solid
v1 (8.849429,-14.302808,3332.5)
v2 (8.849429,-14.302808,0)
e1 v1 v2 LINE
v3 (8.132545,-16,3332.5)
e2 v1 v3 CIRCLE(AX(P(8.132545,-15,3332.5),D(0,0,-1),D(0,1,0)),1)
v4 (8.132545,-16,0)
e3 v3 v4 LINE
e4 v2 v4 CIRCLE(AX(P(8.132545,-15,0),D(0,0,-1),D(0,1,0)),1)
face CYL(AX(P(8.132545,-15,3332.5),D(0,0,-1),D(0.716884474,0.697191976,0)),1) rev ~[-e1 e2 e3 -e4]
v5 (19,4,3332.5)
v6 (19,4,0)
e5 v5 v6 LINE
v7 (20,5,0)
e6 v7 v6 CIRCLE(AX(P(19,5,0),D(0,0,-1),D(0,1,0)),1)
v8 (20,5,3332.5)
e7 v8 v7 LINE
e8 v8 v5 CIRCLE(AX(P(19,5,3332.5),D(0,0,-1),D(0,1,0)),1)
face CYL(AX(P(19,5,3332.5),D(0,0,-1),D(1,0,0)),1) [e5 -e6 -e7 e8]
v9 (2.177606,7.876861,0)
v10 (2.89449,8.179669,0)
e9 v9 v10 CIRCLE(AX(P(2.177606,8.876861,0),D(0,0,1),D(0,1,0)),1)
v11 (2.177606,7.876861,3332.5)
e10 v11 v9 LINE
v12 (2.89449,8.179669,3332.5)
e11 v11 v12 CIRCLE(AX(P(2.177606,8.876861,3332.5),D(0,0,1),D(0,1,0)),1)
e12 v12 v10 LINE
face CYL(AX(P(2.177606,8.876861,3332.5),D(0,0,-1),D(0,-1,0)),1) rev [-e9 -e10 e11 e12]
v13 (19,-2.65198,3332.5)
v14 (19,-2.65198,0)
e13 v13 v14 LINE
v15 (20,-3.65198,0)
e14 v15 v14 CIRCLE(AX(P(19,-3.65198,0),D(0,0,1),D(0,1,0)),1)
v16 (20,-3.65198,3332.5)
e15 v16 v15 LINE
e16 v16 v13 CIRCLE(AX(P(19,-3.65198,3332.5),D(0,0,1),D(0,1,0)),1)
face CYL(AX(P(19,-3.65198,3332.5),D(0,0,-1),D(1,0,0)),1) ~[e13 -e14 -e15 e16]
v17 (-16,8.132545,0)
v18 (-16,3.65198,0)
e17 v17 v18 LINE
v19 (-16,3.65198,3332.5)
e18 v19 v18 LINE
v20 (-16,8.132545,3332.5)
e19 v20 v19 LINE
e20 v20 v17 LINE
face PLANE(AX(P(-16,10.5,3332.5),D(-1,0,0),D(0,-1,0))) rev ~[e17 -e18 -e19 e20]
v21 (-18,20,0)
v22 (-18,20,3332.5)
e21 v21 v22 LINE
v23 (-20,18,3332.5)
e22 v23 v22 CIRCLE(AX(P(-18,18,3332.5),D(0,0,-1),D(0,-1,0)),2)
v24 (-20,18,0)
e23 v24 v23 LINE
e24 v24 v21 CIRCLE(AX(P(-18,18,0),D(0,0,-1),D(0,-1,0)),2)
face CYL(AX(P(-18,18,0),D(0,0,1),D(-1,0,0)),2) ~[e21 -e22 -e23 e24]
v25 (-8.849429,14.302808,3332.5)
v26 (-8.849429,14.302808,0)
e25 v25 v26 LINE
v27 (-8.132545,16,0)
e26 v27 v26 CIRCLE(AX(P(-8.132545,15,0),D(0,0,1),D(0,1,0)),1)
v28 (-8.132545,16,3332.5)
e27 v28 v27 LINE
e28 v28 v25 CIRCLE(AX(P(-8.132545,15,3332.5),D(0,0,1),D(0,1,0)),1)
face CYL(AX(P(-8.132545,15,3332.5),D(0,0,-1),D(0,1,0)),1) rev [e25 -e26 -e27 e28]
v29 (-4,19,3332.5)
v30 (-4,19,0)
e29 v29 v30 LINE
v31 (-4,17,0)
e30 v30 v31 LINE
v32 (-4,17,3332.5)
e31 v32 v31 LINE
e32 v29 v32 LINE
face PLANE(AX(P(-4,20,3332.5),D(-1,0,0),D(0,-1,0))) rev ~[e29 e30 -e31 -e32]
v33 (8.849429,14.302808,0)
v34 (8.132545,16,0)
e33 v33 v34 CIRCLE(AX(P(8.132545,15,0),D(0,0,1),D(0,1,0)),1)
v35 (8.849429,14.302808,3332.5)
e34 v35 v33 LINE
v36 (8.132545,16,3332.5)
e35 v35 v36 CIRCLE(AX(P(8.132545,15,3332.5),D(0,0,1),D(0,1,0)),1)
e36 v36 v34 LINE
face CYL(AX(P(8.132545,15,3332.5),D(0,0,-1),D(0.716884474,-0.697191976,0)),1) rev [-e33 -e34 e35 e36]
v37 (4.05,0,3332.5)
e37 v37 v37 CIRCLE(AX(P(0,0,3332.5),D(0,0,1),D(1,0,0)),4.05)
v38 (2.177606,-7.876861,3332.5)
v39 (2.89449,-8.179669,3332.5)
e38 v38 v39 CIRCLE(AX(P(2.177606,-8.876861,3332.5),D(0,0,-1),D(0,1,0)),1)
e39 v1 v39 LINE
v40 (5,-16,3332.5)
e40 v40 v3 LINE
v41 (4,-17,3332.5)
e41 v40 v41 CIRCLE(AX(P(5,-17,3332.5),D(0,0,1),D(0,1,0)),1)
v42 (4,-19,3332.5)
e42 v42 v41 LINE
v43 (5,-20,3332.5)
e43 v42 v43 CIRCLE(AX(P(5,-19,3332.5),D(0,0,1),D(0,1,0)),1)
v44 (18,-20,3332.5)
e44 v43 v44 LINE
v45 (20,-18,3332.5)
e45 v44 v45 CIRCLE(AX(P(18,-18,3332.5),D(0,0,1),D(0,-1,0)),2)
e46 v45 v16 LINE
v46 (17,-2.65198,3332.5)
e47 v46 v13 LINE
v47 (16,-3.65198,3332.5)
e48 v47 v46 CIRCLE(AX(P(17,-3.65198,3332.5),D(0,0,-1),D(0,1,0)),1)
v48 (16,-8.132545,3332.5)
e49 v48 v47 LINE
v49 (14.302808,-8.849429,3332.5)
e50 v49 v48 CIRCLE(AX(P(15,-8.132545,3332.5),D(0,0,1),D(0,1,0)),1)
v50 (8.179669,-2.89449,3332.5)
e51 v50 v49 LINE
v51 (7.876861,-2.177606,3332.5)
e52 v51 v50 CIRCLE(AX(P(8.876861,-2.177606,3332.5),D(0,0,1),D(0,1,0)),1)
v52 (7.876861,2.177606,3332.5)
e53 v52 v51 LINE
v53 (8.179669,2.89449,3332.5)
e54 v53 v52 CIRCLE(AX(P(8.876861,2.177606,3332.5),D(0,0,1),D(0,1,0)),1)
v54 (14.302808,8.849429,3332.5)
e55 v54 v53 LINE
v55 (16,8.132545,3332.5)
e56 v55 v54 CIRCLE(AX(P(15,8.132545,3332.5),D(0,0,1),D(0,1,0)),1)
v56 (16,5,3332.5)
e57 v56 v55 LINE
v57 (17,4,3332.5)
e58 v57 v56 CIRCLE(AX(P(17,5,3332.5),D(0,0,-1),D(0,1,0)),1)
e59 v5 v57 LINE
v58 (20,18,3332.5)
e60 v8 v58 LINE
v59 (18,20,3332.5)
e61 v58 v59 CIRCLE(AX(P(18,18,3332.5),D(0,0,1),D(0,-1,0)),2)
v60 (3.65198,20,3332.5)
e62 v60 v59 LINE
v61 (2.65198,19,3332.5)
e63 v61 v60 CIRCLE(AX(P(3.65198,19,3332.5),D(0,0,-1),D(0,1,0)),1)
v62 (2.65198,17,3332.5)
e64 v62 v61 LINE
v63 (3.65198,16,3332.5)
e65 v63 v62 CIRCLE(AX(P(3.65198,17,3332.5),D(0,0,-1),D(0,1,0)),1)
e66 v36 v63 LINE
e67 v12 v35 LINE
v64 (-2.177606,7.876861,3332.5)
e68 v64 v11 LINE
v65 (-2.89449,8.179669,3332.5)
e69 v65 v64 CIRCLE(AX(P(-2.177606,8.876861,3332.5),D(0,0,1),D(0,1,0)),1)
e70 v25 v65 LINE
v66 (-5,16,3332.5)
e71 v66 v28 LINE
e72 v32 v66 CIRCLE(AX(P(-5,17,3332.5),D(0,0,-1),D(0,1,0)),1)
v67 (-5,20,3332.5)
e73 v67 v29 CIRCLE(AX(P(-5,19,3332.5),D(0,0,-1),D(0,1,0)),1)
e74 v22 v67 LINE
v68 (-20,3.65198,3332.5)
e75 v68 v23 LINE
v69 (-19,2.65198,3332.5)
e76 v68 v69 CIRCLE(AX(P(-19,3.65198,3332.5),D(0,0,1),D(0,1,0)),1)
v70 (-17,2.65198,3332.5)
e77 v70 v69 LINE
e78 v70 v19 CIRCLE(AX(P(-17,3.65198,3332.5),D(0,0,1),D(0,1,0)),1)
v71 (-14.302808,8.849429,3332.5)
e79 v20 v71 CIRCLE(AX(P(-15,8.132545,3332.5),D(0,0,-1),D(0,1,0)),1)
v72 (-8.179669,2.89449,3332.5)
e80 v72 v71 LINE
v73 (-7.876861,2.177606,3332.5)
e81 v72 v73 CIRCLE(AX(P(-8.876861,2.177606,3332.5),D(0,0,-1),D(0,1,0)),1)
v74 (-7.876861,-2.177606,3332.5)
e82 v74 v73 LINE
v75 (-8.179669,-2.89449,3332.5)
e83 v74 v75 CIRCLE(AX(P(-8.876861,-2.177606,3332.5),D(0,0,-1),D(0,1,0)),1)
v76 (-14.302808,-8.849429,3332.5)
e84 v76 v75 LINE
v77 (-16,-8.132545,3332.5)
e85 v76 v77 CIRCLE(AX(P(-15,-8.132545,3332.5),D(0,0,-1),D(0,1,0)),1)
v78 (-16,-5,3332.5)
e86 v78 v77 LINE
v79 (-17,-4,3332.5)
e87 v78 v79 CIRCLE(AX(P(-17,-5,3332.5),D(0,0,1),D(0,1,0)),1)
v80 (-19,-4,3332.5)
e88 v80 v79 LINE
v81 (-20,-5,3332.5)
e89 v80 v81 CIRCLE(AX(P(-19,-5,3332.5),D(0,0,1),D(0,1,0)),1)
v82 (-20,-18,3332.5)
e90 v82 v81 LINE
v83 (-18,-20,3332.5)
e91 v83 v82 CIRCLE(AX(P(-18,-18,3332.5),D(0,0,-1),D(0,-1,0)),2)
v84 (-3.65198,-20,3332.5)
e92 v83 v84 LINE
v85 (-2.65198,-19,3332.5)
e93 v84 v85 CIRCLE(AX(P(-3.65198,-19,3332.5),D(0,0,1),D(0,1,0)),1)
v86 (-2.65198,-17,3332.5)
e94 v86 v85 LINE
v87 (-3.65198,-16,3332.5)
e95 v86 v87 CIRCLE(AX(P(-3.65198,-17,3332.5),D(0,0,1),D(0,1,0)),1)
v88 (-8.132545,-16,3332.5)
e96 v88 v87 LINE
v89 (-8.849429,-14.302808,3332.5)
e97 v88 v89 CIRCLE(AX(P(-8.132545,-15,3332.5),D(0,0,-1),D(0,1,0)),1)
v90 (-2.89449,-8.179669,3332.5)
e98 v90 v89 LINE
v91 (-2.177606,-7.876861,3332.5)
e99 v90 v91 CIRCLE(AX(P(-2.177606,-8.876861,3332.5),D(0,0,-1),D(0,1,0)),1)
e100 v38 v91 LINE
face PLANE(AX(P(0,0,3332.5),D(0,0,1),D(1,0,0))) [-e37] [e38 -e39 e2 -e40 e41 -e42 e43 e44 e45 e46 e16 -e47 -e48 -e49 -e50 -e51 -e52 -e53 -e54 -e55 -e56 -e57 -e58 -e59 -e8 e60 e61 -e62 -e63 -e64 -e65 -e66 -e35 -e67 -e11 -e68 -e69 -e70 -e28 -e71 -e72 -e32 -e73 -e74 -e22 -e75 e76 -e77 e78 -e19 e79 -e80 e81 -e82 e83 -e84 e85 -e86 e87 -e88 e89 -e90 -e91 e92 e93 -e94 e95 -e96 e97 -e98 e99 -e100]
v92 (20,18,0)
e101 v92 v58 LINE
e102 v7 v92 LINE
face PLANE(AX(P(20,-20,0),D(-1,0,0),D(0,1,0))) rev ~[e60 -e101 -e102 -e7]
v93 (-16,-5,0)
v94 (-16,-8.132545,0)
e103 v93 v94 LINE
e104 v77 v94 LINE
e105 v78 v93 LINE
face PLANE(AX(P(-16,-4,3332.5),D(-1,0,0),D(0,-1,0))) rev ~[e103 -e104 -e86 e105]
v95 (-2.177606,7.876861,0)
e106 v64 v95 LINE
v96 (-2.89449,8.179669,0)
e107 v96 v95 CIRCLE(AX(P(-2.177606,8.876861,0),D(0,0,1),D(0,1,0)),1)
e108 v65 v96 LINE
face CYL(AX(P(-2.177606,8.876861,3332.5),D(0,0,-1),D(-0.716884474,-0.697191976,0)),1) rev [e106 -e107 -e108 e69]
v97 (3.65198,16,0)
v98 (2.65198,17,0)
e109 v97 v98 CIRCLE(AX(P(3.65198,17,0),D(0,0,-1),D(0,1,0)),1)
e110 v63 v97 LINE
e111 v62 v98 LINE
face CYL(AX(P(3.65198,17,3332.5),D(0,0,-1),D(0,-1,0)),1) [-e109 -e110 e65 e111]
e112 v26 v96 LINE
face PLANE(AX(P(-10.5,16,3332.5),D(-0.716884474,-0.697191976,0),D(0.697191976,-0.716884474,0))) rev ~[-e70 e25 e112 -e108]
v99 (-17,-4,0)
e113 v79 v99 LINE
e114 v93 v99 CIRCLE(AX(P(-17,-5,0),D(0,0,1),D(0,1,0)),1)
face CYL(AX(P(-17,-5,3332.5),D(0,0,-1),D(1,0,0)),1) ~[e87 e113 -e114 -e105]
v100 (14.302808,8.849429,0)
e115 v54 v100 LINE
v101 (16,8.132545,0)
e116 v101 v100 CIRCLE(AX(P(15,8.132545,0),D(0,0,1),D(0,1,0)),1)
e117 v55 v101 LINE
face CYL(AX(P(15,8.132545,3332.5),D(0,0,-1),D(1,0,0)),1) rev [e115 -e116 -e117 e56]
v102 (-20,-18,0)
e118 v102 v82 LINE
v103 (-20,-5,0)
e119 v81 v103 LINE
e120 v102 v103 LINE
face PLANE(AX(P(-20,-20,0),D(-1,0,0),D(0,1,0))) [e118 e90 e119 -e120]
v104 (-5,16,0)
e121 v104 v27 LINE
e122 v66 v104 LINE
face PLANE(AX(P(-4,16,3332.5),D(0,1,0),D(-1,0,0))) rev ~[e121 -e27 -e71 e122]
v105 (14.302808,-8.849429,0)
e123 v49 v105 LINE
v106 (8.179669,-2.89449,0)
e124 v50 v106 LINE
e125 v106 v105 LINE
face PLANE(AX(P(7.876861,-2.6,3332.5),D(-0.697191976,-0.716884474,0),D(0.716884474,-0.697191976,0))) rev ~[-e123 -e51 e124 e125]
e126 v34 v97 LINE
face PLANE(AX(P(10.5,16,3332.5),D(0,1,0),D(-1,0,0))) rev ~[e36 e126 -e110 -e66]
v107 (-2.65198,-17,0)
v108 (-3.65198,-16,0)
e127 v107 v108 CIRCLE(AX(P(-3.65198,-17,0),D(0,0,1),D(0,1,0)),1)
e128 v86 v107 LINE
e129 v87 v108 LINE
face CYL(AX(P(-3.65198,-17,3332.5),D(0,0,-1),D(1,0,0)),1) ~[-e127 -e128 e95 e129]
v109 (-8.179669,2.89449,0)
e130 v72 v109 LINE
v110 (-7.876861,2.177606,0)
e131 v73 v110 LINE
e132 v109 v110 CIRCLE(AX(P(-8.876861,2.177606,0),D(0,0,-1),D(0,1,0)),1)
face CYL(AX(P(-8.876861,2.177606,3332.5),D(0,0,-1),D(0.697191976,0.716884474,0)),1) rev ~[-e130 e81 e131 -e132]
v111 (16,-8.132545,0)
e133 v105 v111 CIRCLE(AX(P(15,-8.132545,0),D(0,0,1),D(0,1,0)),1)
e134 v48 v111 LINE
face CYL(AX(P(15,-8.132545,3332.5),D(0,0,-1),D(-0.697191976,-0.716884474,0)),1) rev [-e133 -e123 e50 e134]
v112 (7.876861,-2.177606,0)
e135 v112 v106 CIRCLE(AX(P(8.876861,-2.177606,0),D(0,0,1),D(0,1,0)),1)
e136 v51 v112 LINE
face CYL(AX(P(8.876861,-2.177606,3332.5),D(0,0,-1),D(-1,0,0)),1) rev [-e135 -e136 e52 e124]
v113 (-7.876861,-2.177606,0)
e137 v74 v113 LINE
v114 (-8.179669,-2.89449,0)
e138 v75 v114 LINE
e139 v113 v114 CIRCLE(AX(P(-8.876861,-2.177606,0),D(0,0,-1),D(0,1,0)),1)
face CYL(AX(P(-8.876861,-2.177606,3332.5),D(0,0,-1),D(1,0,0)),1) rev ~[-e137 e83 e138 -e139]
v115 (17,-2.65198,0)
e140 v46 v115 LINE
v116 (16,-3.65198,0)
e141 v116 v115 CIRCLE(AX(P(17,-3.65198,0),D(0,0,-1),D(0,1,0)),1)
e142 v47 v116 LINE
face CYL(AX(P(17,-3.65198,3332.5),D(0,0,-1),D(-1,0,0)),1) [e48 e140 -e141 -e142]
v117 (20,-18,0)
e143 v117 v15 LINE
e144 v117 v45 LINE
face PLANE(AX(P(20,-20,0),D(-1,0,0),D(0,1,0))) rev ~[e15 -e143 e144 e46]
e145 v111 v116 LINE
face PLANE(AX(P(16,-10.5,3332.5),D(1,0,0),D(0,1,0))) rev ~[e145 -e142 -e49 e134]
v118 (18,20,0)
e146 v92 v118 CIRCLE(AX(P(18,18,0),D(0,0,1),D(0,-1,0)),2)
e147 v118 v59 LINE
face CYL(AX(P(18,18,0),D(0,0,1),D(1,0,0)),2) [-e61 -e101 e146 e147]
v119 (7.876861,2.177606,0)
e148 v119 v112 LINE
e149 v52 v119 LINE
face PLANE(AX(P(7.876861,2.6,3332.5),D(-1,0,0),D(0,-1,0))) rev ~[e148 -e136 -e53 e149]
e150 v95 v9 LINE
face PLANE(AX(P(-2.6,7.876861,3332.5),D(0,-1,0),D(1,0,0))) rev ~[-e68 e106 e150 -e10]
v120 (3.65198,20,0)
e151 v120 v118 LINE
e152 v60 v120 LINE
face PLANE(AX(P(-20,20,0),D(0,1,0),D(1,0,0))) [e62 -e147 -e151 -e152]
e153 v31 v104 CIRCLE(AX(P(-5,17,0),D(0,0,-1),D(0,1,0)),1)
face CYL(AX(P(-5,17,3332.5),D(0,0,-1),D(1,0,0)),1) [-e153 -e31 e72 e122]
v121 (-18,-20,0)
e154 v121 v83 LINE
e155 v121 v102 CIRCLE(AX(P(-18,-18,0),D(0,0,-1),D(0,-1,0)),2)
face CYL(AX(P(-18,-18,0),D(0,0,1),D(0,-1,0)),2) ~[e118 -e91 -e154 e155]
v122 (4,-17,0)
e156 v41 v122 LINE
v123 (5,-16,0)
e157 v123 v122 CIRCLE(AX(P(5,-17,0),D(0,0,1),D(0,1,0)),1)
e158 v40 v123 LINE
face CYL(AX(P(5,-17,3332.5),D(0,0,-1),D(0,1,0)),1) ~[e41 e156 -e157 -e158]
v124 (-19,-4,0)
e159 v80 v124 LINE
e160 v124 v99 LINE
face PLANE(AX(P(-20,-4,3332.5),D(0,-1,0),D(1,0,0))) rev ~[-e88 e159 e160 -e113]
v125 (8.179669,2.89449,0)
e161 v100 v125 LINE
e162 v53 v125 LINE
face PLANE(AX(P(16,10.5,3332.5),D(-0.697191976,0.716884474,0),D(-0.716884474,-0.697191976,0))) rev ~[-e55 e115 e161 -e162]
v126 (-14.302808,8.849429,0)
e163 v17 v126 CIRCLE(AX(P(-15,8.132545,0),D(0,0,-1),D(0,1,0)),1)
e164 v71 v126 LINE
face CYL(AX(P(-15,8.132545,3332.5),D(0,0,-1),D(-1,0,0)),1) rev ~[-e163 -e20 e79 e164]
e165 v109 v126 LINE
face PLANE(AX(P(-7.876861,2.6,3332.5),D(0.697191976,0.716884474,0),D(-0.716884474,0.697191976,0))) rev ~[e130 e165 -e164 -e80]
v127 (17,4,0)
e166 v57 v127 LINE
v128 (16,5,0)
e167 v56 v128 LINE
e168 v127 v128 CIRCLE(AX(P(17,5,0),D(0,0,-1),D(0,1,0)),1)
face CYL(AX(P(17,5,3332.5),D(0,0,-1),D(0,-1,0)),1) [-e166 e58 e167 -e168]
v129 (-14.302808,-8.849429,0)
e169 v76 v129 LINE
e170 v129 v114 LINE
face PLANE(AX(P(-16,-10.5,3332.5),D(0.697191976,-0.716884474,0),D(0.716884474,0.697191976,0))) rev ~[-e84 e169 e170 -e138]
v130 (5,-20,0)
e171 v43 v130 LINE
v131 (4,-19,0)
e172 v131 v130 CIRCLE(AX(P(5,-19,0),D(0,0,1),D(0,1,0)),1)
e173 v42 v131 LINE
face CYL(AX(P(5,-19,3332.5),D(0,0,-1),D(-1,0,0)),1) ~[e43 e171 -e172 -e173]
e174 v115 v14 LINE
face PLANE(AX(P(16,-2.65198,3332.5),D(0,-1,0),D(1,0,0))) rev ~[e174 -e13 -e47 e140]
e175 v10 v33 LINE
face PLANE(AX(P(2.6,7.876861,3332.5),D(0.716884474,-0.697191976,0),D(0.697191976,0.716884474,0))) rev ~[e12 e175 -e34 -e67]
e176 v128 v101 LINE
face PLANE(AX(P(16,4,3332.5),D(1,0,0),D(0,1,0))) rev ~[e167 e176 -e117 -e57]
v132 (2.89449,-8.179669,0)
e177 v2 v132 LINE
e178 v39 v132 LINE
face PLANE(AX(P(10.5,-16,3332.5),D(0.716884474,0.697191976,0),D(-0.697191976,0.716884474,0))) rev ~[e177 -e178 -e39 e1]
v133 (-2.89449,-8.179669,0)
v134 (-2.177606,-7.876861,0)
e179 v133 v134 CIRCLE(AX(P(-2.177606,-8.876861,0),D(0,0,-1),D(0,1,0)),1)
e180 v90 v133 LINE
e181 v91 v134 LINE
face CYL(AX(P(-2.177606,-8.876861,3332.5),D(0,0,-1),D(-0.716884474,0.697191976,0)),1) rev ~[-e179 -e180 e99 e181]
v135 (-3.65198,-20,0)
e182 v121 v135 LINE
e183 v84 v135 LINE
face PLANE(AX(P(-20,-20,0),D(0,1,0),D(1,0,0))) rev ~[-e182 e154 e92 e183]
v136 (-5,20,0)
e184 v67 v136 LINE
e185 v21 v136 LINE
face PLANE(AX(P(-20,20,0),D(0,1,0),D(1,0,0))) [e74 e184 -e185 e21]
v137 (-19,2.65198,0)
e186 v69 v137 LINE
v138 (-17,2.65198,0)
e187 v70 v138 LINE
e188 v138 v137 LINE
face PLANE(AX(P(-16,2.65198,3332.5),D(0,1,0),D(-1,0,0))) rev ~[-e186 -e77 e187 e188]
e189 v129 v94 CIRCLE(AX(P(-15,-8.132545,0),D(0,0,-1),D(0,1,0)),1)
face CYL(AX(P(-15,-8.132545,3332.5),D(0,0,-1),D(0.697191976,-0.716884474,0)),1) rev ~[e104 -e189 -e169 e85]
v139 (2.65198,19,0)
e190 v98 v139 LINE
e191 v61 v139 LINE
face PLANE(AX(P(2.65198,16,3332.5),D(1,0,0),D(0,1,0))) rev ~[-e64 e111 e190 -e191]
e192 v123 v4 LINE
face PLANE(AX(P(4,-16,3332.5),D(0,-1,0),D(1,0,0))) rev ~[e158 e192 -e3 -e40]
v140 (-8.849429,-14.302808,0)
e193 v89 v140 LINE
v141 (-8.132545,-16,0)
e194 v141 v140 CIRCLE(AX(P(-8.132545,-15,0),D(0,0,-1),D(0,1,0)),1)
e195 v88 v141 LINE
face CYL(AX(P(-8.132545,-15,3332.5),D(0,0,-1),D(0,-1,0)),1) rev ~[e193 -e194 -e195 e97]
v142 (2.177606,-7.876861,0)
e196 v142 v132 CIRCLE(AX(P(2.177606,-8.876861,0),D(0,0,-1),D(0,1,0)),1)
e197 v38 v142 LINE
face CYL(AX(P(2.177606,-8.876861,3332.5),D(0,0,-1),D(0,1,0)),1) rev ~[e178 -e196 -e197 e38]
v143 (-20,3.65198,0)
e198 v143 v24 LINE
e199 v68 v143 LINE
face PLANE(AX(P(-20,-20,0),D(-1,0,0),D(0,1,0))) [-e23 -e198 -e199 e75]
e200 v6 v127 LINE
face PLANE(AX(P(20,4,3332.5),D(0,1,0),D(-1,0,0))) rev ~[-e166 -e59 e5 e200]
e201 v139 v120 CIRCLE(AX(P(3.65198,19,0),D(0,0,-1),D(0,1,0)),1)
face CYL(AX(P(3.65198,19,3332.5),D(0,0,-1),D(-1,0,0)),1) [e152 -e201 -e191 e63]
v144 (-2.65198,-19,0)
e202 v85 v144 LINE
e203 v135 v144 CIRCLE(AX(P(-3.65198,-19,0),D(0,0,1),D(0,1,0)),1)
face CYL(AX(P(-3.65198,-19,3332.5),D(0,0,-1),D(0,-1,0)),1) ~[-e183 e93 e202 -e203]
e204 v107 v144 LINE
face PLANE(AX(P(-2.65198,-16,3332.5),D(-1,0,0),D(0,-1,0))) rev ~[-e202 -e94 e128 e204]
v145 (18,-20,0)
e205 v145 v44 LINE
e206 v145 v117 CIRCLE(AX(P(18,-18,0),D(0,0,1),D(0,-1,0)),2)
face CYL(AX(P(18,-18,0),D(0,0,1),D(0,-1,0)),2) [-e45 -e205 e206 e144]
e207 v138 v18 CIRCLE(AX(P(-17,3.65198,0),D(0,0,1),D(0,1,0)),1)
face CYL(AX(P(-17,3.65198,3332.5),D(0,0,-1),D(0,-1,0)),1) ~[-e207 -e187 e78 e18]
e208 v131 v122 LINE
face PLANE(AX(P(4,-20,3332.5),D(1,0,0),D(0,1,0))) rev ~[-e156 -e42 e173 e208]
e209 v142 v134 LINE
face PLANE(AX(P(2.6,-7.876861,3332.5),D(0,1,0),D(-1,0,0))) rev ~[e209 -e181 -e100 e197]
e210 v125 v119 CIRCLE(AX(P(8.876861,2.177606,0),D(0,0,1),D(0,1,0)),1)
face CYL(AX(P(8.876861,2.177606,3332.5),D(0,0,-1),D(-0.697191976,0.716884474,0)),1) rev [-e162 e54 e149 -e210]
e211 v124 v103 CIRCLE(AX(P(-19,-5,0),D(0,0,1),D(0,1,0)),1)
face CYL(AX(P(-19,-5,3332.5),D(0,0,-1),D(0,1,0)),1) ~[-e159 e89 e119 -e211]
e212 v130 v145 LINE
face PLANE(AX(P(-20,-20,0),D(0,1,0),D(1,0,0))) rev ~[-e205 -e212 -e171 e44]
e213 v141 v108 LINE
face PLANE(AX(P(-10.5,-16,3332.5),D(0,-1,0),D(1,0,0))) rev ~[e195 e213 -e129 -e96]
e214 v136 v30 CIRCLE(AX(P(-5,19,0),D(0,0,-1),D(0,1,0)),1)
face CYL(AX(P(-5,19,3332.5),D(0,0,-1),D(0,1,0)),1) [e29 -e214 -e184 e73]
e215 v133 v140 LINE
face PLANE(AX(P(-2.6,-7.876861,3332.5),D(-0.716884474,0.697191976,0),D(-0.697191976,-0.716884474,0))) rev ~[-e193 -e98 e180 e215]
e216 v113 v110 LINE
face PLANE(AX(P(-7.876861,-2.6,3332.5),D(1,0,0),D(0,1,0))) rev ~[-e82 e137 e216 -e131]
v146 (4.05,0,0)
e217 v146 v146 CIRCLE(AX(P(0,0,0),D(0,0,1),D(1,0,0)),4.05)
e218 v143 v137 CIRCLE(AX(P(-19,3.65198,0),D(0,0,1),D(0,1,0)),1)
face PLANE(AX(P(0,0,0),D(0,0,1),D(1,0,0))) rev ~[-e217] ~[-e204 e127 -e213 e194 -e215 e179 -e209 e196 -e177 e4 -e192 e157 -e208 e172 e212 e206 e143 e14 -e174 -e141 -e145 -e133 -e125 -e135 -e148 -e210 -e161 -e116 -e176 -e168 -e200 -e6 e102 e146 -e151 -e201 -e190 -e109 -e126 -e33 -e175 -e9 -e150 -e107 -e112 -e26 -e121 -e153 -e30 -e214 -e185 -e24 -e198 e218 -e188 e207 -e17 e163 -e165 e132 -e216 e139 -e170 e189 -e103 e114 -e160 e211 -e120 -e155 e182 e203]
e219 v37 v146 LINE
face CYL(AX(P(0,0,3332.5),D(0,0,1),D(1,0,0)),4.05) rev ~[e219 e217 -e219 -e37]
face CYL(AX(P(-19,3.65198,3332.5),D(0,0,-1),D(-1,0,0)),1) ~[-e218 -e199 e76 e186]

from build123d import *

# Parameters (mm, degrees)
SKETCH_1_W               = 40
SKETCH_1_H               = 40
EXTRUDE_1_DEPTH          = 3332.5
SKETCH_2_R               = 4.05
CUT_EXTRUDE_1_DEPTH      = 10000
CUT_EXTRUDE_2_DEPTH      = 10000
FILLET_1_R               = 1
PATTERN_CIRCULAR_2_COUNT = 4
FILLET_2_R               = 1
FILLET_3_R               = 1
FILLET_4_R               = 1
FILLET_5_R               = 2


with BuildPart() as part:
    # 草图1 → 凸台-拉伸1 (new body)
    with BuildSketch(Plane.XY):
        Rectangle(SKETCH_1_W, SKETCH_1_H)
    extrude(amount=EXTRUDE_1_DEPTH)

    # 草图2 → 切除-拉伸1 (cut)
    with BuildSketch(Plane.XY.offset(3332.5)):
        Circle(SKETCH_2_R)
    extrude(amount=-CUT_EXTRUDE_1_DEPTH, mode=Mode.SUBTRACT)

    # 草图4 → 切除-拉伸2 (cut)
    with BuildSketch(Plane.XY.offset(3332.5)):
        Polygon((20, 0), (20, 4), (16, 4), (16, 10.5), (7.876860985, 2.6), (7.876860985, -2.6), (16, -10.5), (16, -2.65197969), (20, -2.65197969), align=None)
    cut_extrude_2 = extrude(amount=-CUT_EXTRUDE_2_DEPTH, mode=Mode.SUBTRACT)

    # 圆角1
    fillet_1_edges = [part.edges().sort_by_distance(p)[0] for p in [
        (20, -2.65197969, 1666.25),
        (16, -2.65197969, 1666.25),
        (16, -10.5, 1666.25),
        (7.876860985, -2.6, 1666.25),
        (7.876860985, 2.6, 1666.25),
        (16, 10.5, 1666.25),
        (16, 4, 1666.25),
        (20, 4, 1666.25),
    ]]
    fillet(fillet_1_edges, radius=FILLET_1_R)

    # 阵列(圆周)2: 切除-拉伸2 ×4 about axis
    pattern_circular_2_axis = Axis((0, 0, 0), (0, 0, 1))
    for i in range(1, PATTERN_CIRCULAR_2_COUNT):
        add(cut_extrude_2.rotate(pattern_circular_2_axis, i * 360 / PATTERN_CIRCULAR_2_COUNT), mode=Mode.SUBTRACT)

    # 圆角2
    fillet_2_edges = [part.edges().sort_by_distance(p)[0] for p in [
        (2.65197969, 20, 1666.25),
        (2.65197969, 16, 1666.25),
        (10.5, 16, 1666.25),
        (2.6, 7.876860985, 1666.25),
        (-2.6, 7.876860985, 1666.25),
        (-10.5, 16, 1666.25),
        (-4, 16, 1666.25),
        (-4, 20, 1666.25),
    ]]
    fillet(fillet_2_edges, radius=FILLET_2_R)

    # 圆角3
    fillet_3_edges = [part.edges().sort_by_distance(p)[0] for p in [
        (-20, 2.65197969, 1666.25),
        (-16, 2.65197969, 1666.25),
        (-16, 10.5, 1666.25),
        (-7.876860985, 2.6, 1666.25),
        (-7.876860985, -2.6, 1666.25),
        (-16, -10.5, 1666.25),
        (-16, -4, 1666.25),
        (-20, -4, 1666.25),
    ]]
    fillet(fillet_3_edges, radius=FILLET_3_R)

    # 圆角4
    fillet_4_edges = [part.edges().sort_by_distance(p)[0] for p in [
        (-2.65197969, -20, 1666.25),
        (-2.65197969, -16, 1666.25),
        (-10.5, -16, 1666.25),
        (-2.6, -7.876860985, 1666.25),
        (2.6, -7.876860985, 1666.25),
        (10.5, -16, 1666.25),
        (4, -16, 1666.25),
        (4, -20, 1666.25),
    ]]
    fillet(fillet_4_edges, radius=FILLET_4_R)

    # 圆角5
    fillet_5_edges = [part.edges().sort_by_distance(p)[0] for p in [
        (-20, 20, 1666.25),
        (-20, -20, 1666.25),
        (20, -20, 1666.25),
        (20, 20, 1666.25),
    ]]
    fillet(fillet_5_edges, radius=FILLET_5_R)


solid = part.part
